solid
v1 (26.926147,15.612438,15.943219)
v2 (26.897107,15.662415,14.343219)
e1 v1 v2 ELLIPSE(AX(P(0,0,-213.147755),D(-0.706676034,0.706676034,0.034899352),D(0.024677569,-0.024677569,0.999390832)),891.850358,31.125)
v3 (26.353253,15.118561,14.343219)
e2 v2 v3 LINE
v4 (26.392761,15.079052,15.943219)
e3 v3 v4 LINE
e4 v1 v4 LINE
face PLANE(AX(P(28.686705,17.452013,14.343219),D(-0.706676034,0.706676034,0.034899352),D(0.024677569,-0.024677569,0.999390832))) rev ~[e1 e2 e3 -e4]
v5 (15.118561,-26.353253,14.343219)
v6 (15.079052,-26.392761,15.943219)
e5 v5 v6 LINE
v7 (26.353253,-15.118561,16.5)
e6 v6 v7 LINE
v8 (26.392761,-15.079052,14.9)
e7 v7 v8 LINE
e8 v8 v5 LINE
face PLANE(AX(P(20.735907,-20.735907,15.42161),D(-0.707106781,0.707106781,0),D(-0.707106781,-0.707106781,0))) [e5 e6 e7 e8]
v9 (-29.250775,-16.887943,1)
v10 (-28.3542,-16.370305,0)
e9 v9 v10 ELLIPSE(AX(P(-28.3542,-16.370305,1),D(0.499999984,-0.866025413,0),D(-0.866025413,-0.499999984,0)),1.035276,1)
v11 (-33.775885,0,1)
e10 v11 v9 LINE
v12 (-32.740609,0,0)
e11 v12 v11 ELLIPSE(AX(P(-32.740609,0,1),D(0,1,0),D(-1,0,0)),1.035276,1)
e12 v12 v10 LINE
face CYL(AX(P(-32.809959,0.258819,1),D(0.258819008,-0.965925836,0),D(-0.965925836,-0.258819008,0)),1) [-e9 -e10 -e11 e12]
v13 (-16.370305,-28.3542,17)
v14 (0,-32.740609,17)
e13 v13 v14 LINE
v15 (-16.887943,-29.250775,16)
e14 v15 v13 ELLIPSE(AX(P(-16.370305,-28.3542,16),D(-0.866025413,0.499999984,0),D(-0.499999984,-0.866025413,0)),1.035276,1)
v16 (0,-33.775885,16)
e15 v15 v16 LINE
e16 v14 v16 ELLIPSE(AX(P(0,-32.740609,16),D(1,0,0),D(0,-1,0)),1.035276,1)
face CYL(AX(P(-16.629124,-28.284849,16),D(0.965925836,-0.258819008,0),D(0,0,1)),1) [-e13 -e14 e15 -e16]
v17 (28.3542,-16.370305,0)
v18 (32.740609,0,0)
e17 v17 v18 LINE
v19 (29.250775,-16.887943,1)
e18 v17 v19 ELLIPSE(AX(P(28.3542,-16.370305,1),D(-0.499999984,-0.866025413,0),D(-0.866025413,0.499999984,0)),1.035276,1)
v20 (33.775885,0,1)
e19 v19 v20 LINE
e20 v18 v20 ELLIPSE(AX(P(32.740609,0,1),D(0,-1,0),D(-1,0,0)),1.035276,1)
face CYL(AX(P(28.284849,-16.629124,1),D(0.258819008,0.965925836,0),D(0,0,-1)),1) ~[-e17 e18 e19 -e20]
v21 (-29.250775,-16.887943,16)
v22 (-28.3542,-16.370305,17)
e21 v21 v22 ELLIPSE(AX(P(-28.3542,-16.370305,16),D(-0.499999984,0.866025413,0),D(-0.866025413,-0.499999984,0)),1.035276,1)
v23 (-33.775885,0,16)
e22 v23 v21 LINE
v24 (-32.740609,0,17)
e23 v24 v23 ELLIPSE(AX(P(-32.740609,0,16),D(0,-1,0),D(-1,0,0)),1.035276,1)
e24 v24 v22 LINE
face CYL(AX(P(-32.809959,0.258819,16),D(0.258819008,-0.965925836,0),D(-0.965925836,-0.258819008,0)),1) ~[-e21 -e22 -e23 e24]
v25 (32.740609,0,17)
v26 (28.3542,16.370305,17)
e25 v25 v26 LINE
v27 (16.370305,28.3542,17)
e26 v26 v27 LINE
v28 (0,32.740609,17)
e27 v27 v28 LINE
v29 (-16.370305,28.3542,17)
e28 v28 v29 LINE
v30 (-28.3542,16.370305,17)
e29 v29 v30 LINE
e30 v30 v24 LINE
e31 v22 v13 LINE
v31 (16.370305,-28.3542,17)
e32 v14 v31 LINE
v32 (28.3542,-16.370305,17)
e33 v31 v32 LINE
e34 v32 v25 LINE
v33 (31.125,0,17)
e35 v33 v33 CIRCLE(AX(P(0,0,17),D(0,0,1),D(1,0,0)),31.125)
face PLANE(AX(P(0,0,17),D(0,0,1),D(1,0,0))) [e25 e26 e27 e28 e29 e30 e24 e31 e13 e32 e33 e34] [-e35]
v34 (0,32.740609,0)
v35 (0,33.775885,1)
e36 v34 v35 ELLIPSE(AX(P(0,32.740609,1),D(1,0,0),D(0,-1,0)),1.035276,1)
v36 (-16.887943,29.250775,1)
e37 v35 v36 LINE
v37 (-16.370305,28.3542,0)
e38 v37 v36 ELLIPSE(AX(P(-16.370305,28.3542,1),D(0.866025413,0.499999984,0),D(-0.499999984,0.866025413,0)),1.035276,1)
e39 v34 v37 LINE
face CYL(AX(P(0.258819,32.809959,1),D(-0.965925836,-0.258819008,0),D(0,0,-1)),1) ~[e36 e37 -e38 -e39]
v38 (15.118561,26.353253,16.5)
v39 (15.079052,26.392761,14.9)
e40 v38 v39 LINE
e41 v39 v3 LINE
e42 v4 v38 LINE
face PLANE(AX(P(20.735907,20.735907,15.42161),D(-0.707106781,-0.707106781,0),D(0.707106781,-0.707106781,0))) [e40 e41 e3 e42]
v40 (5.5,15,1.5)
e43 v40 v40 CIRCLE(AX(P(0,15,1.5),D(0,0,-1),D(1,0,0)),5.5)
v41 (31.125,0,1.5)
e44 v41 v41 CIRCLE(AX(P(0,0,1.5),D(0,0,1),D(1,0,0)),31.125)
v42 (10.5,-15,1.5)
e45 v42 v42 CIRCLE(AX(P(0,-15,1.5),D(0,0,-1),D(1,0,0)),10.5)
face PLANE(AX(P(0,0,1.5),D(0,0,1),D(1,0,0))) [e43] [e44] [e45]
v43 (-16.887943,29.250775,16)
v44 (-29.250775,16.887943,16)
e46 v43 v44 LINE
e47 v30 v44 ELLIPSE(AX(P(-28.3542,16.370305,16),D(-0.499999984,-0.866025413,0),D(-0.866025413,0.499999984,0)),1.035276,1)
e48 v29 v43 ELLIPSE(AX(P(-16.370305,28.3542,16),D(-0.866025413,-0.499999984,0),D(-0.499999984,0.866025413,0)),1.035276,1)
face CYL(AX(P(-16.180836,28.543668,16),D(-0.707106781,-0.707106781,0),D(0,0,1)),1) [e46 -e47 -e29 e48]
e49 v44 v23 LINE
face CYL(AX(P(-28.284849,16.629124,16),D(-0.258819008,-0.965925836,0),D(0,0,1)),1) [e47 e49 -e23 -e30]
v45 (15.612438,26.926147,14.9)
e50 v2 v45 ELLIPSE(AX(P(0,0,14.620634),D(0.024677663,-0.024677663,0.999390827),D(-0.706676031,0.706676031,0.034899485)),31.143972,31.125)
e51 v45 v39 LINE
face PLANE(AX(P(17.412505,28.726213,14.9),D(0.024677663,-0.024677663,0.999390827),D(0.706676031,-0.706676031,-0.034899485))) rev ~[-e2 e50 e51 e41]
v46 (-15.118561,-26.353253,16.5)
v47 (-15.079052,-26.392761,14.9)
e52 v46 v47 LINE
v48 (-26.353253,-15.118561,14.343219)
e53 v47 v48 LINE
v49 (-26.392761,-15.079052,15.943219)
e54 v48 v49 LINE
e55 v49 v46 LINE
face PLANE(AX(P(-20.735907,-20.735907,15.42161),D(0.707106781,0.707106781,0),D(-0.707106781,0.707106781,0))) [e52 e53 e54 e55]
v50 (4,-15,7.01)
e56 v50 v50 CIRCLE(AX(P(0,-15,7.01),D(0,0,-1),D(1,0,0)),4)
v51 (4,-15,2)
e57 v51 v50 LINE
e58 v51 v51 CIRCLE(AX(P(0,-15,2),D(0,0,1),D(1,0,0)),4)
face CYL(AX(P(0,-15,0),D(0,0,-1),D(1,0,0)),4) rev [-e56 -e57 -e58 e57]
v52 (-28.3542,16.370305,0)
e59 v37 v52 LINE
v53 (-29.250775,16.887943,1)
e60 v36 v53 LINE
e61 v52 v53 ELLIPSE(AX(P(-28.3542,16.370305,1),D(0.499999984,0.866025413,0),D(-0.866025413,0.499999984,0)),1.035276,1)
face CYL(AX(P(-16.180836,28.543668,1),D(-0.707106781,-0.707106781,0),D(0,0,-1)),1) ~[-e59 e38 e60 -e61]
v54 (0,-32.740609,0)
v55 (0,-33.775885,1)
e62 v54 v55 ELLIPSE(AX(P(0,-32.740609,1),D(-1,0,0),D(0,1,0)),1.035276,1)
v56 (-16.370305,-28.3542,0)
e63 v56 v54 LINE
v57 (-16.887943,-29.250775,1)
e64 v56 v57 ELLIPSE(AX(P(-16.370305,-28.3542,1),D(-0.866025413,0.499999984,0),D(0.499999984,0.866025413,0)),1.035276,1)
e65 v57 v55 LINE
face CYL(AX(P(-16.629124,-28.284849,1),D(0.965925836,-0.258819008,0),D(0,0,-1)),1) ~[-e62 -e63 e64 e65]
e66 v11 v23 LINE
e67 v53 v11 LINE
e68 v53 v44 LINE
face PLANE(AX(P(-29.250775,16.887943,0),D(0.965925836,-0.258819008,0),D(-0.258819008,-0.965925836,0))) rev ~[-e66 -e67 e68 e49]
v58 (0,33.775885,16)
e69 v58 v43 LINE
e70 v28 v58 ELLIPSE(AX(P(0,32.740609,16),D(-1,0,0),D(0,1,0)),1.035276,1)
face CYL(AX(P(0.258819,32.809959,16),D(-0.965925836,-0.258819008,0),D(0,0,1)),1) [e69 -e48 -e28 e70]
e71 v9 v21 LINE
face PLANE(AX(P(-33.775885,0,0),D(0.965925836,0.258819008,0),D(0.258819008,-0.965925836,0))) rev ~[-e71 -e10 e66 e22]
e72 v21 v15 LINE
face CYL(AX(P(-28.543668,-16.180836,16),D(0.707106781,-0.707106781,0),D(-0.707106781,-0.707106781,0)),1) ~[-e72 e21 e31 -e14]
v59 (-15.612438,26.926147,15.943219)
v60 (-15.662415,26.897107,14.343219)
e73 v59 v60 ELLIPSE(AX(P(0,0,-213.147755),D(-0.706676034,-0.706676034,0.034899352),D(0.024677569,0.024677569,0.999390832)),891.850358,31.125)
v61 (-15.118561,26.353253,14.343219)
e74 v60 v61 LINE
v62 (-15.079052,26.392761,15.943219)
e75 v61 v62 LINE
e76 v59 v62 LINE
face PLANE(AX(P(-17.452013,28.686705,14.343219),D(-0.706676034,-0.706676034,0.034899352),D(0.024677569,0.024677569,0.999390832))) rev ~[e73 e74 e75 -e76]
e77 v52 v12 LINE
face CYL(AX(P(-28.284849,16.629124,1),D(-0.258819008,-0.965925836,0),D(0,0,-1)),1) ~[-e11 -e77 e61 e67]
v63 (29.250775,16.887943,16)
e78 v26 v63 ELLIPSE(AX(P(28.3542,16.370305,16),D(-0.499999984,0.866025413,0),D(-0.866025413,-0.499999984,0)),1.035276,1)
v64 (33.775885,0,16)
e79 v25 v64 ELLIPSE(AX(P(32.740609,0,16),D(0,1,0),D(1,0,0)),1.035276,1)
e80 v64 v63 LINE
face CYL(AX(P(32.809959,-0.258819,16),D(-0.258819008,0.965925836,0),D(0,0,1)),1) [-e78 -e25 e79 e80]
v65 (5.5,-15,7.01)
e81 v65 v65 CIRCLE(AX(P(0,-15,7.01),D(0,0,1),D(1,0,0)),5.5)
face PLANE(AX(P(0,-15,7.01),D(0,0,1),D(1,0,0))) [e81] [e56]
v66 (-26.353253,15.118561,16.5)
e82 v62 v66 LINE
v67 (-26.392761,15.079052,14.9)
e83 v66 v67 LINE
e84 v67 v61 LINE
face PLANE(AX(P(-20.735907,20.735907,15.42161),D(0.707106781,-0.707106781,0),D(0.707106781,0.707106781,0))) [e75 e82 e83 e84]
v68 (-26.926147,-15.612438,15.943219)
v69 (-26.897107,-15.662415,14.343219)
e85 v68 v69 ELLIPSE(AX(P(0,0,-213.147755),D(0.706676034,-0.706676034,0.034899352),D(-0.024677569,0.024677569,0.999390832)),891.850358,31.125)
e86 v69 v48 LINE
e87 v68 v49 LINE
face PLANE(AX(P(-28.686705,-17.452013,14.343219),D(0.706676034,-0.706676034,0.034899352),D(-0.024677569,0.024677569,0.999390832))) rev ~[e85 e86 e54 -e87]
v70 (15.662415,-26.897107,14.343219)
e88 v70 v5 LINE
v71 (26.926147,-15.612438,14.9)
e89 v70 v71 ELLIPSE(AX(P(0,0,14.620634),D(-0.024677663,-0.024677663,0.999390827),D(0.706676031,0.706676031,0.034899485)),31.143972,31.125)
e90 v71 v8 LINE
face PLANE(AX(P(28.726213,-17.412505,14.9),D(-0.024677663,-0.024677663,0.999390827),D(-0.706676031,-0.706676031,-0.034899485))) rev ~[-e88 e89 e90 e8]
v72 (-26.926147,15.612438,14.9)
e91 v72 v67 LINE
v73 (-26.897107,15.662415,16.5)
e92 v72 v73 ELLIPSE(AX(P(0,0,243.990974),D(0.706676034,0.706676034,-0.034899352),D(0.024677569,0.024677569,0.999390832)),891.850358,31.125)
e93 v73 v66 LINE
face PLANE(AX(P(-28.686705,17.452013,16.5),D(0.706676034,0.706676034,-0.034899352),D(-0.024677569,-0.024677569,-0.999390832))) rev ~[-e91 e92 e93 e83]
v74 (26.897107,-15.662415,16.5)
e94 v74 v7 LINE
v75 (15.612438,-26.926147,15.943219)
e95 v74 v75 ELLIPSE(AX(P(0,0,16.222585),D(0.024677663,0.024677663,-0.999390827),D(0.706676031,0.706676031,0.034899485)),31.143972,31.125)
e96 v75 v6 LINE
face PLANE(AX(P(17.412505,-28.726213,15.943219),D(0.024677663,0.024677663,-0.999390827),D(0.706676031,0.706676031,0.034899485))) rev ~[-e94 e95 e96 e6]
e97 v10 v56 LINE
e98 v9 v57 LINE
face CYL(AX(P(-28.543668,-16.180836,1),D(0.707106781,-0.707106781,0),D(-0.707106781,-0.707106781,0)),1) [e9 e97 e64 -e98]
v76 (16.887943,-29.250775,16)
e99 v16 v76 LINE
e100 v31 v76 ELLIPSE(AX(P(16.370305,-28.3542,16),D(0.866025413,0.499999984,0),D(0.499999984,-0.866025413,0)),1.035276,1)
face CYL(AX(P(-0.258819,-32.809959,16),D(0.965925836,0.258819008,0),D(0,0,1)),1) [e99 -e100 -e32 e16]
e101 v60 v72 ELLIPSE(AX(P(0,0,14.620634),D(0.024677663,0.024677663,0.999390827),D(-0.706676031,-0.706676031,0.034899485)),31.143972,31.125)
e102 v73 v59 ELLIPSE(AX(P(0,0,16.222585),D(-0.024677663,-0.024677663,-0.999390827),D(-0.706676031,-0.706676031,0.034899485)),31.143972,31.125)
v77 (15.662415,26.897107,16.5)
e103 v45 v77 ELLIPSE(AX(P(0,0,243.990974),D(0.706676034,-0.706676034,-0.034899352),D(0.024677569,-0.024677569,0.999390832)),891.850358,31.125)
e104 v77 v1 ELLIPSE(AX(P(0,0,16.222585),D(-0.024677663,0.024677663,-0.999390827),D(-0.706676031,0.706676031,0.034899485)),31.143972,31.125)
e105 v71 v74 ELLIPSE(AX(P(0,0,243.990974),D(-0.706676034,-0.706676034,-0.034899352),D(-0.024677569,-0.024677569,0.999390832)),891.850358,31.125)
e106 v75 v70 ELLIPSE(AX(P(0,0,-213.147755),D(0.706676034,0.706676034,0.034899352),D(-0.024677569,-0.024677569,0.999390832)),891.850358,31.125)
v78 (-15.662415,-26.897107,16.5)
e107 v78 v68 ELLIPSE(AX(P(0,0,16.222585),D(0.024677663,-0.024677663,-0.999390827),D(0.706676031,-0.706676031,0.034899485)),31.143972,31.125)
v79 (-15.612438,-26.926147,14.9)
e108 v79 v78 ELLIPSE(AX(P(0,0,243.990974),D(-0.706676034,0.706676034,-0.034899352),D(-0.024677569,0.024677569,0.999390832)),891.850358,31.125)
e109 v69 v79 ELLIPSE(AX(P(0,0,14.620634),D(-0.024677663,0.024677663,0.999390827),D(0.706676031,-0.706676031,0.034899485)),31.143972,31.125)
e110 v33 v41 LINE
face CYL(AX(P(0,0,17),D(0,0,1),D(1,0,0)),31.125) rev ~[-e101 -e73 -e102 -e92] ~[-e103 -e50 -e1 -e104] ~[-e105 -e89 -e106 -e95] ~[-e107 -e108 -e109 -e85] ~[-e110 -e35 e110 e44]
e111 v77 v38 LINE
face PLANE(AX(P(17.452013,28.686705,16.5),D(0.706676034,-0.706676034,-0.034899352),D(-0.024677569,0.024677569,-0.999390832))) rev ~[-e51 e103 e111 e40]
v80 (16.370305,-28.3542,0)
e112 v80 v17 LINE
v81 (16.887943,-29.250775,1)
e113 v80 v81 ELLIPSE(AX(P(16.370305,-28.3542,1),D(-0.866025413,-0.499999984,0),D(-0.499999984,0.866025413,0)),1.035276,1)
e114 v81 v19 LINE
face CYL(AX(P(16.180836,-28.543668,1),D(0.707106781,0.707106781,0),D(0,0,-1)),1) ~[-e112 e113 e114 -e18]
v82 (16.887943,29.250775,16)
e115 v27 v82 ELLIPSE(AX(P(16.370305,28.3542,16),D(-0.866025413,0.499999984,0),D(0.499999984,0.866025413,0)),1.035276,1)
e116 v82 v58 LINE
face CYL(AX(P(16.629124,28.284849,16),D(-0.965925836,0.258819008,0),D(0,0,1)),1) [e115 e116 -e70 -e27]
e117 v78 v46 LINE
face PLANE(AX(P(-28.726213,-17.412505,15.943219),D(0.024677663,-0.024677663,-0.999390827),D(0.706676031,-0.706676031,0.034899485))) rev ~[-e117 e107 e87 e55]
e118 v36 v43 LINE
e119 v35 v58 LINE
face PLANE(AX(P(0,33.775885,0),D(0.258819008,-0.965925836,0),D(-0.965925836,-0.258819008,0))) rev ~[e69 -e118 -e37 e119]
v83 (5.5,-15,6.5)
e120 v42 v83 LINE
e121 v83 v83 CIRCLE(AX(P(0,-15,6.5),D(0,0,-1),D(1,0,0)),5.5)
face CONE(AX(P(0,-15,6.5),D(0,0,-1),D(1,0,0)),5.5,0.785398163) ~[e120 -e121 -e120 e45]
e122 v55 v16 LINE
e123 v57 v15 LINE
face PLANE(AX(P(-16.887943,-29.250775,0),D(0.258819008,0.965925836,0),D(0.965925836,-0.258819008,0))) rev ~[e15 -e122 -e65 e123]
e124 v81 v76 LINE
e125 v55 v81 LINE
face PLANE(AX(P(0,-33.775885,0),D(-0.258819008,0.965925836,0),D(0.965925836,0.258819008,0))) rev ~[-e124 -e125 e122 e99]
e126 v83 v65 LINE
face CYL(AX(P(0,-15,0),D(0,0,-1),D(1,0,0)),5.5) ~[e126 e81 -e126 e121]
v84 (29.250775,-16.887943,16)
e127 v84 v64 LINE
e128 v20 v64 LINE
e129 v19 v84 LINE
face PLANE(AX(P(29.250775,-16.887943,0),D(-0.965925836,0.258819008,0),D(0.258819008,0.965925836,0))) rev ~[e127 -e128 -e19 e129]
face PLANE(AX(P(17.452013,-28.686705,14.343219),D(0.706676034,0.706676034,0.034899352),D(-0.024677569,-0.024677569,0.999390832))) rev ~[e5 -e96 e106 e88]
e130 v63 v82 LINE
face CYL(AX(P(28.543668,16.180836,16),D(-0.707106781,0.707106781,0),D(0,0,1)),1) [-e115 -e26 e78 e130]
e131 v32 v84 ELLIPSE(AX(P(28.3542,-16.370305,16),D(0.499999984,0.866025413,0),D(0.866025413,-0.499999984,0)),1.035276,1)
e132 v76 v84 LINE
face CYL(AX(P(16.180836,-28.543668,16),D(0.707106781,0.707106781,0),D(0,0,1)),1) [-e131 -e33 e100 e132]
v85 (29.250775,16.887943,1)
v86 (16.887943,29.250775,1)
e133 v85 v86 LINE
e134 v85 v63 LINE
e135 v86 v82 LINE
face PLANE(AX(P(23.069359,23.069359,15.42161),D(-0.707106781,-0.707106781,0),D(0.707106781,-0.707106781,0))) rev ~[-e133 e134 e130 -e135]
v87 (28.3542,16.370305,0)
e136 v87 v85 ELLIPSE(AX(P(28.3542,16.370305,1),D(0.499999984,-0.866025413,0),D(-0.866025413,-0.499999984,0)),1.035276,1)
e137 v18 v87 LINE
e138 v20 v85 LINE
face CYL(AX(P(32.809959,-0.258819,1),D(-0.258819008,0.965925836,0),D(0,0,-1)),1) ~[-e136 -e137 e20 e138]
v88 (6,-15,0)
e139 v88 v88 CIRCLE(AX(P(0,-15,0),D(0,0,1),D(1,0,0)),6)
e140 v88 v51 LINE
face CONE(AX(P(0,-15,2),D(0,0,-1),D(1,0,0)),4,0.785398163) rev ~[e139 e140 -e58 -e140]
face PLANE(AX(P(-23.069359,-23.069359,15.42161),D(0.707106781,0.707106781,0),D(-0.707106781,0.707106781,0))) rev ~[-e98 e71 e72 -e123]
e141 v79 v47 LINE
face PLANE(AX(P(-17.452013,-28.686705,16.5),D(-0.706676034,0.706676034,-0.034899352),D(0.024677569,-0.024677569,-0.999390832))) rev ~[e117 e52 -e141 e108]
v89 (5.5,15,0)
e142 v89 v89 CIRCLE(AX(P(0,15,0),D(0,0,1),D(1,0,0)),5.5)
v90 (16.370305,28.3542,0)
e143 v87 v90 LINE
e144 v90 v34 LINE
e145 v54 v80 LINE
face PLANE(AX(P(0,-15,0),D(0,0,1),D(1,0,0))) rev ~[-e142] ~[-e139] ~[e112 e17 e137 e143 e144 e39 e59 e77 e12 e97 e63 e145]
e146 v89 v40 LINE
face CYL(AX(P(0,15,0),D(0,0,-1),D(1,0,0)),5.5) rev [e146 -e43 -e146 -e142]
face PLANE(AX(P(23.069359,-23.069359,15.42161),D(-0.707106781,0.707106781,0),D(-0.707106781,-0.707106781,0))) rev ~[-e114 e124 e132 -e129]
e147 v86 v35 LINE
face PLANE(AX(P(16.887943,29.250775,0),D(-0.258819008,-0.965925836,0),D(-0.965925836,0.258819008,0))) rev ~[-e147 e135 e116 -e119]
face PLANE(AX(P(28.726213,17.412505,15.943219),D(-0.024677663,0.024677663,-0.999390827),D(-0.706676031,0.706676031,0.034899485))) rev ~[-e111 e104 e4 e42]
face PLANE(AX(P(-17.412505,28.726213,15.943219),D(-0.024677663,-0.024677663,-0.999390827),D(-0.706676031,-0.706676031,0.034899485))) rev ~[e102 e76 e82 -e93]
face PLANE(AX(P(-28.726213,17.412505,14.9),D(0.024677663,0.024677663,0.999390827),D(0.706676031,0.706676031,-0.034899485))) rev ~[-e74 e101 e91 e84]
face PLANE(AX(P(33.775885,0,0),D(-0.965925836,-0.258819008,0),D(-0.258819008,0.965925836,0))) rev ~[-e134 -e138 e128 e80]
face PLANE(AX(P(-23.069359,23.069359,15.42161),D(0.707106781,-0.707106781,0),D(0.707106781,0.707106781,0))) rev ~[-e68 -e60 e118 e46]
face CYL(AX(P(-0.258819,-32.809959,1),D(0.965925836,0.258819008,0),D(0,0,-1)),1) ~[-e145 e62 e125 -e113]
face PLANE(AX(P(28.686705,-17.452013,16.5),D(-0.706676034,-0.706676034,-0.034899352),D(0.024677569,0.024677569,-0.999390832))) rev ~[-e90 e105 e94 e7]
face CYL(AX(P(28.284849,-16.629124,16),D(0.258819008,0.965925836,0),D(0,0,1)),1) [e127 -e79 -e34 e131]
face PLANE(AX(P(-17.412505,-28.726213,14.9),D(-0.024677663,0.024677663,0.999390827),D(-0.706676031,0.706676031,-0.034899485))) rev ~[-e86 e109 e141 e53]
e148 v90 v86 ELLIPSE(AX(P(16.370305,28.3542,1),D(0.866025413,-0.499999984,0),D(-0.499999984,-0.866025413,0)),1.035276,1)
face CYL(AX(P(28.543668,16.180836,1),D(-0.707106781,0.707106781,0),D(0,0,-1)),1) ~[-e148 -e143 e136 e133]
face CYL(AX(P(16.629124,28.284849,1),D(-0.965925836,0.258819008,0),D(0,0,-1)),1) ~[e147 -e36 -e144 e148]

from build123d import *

# Parameters (mm, degrees)
PAD_DEPTH            = 17
SKETCH001_R          = 31.125
HOLE_DEPTH           = 15.5
SKETCH003_R          = 5.5
POCKET_DEPTH         = 100
POCKET_DEPTH_BACK    = 100
SKETCH010_R          = 5.5
PAD004_DEPTH         = 7.01
SKETCH011_R          = 4
POCKET003_DEPTH      = 100
POCKET003_DEPTH_BACK = 100
CHAMFER001_SIZE      = 2
CHAMFER002_SIZE      = 5
PAD007_DEPTH         = 3.3
POLARPATTERN_COUNT   = 4
FILLET_R             = 1


with BuildPart() as part:
    # Sketch → Pad (new body)
    with BuildSketch(Plane.XY):
        Polygon((-29.250775, 16.887943), (-33.775885, 0), (-29.250775, -16.887943), (-16.887943, -29.250775), (0, -33.775885), (16.887943, -29.250775), (29.250775, -16.887943), (33.775885, 0), (29.250775, 16.887943), (16.887943, 29.250775), (0, 33.775885), (-16.887943, 29.250775), align=None)
    extrude(amount=PAD_DEPTH)

    # Sketch001 (on Face14 of Pad) → Hole (cut)
    with BuildSketch(Plane.XY.offset(17)):
        Circle(SKETCH001_R)
    extrude(amount=-HOLE_DEPTH, mode=Mode.SUBTRACT)

    # Sketch003 → Pocket (cut, two sides)
    with BuildSketch(Plane.XY) as pocket_sk:
        with Locations((0, 15)):
            Circle(SKETCH003_R)
    extrude(amount=-POCKET_DEPTH, mode=Mode.SUBTRACT)
    extrude(pocket_sk.sketch, amount=POCKET_DEPTH_BACK, mode=Mode.SUBTRACT)

    # Sketch010 → Pad004 (join)
    with BuildSketch(Plane.XY):
        with Locations((0, -15)):
            Circle(SKETCH010_R)
    extrude(amount=PAD004_DEPTH)

    # Sketch011 → Pocket003 (cut, two sides)
    with BuildSketch(Plane.XY) as pocket003_sk:
        with Locations((0, -15)):
            Circle(SKETCH011_R)
    extrude(amount=-POCKET003_DEPTH, mode=Mode.SUBTRACT)
    extrude(pocket003_sk.sketch, amount=POCKET003_DEPTH_BACK, mode=Mode.SUBTRACT)

    # Chamfer001
    chamfer001_edges = [part.edges().sort_by_distance(p)[0] for p in [
        (-4, -15, 0),
    ]]
    chamfer(chamfer001_edges, length=CHAMFER001_SIZE)

    # Chamfer002
    chamfer002_edges = [part.edges().sort_by_distance(p)[0] for p in [
        (-5.5, -15, 1.5),
    ]]
    chamfer(chamfer002_edges, length=CHAMFER002_SIZE)

    # Sketch015 (on Face19 of Chamfer002) → Pad007 (join)
    with BuildSketch(Plane(origin=(23.069359, -23.069359, 0), x_dir=(0.707107, 0.707107, 0), z_dir=(0.707107, -0.707107, 0))):
        Polygon((-8, 15.943219), (7.944127, 16.5), (8, 14.9), (-7.944127, 14.343219), align=None)
    pad007 = extrude(amount=-PAD007_DEPTH)

    # PolarPattern: Pad007 ×4 about axis
    polarpattern_axis = Axis((0, 0, 0), (0, 0, 1))
    for i in range(1, POLARPATTERN_COUNT):
        add(pad007.rotate(polarpattern_axis, i * 360 / POLARPATTERN_COUNT))

    # Fillet
    fillet_edges = [part.edges().sort_by_distance(p)[0] for p in [
        (23.069359, 23.069359, 17),
        (8.443971, 31.51333, 17),
        (-8.443971, 31.51333, 17),
        (-23.069359, 23.069359, 17),
        (-31.51333, 8.443971, 17),
        (-31.51333, -8.443971, 17),
        (-23.069359, -23.069359, 17),
        (-8.443971, -31.51333, 17),
        (8.443971, -31.51333, 17),
        (23.069359, -23.069359, 17),
        (31.51333, -8.443971, 17),
        (31.51333, 8.443971, 17),
        (-8.443971, 31.51333, 0),
        (-23.069359, 23.069359, 0),
        (-31.51333, 8.443971, 0),
        (-31.51333, -8.443971, 0),
        (8.443971, 31.51333, 0),
        (23.069359, 23.069359, 0),
        (31.51333, 8.443971, 0),
        (31.51333, -8.443971, 0),
        (23.069359, -23.069359, 0),
        (8.443971, -31.51333, 0),
        (-8.443971, -31.51333, 0),
        (-23.069359, -23.069359, 0),
    ]]
    fillet(fillet_edges, radius=FILLET_R)


solid = part.part
